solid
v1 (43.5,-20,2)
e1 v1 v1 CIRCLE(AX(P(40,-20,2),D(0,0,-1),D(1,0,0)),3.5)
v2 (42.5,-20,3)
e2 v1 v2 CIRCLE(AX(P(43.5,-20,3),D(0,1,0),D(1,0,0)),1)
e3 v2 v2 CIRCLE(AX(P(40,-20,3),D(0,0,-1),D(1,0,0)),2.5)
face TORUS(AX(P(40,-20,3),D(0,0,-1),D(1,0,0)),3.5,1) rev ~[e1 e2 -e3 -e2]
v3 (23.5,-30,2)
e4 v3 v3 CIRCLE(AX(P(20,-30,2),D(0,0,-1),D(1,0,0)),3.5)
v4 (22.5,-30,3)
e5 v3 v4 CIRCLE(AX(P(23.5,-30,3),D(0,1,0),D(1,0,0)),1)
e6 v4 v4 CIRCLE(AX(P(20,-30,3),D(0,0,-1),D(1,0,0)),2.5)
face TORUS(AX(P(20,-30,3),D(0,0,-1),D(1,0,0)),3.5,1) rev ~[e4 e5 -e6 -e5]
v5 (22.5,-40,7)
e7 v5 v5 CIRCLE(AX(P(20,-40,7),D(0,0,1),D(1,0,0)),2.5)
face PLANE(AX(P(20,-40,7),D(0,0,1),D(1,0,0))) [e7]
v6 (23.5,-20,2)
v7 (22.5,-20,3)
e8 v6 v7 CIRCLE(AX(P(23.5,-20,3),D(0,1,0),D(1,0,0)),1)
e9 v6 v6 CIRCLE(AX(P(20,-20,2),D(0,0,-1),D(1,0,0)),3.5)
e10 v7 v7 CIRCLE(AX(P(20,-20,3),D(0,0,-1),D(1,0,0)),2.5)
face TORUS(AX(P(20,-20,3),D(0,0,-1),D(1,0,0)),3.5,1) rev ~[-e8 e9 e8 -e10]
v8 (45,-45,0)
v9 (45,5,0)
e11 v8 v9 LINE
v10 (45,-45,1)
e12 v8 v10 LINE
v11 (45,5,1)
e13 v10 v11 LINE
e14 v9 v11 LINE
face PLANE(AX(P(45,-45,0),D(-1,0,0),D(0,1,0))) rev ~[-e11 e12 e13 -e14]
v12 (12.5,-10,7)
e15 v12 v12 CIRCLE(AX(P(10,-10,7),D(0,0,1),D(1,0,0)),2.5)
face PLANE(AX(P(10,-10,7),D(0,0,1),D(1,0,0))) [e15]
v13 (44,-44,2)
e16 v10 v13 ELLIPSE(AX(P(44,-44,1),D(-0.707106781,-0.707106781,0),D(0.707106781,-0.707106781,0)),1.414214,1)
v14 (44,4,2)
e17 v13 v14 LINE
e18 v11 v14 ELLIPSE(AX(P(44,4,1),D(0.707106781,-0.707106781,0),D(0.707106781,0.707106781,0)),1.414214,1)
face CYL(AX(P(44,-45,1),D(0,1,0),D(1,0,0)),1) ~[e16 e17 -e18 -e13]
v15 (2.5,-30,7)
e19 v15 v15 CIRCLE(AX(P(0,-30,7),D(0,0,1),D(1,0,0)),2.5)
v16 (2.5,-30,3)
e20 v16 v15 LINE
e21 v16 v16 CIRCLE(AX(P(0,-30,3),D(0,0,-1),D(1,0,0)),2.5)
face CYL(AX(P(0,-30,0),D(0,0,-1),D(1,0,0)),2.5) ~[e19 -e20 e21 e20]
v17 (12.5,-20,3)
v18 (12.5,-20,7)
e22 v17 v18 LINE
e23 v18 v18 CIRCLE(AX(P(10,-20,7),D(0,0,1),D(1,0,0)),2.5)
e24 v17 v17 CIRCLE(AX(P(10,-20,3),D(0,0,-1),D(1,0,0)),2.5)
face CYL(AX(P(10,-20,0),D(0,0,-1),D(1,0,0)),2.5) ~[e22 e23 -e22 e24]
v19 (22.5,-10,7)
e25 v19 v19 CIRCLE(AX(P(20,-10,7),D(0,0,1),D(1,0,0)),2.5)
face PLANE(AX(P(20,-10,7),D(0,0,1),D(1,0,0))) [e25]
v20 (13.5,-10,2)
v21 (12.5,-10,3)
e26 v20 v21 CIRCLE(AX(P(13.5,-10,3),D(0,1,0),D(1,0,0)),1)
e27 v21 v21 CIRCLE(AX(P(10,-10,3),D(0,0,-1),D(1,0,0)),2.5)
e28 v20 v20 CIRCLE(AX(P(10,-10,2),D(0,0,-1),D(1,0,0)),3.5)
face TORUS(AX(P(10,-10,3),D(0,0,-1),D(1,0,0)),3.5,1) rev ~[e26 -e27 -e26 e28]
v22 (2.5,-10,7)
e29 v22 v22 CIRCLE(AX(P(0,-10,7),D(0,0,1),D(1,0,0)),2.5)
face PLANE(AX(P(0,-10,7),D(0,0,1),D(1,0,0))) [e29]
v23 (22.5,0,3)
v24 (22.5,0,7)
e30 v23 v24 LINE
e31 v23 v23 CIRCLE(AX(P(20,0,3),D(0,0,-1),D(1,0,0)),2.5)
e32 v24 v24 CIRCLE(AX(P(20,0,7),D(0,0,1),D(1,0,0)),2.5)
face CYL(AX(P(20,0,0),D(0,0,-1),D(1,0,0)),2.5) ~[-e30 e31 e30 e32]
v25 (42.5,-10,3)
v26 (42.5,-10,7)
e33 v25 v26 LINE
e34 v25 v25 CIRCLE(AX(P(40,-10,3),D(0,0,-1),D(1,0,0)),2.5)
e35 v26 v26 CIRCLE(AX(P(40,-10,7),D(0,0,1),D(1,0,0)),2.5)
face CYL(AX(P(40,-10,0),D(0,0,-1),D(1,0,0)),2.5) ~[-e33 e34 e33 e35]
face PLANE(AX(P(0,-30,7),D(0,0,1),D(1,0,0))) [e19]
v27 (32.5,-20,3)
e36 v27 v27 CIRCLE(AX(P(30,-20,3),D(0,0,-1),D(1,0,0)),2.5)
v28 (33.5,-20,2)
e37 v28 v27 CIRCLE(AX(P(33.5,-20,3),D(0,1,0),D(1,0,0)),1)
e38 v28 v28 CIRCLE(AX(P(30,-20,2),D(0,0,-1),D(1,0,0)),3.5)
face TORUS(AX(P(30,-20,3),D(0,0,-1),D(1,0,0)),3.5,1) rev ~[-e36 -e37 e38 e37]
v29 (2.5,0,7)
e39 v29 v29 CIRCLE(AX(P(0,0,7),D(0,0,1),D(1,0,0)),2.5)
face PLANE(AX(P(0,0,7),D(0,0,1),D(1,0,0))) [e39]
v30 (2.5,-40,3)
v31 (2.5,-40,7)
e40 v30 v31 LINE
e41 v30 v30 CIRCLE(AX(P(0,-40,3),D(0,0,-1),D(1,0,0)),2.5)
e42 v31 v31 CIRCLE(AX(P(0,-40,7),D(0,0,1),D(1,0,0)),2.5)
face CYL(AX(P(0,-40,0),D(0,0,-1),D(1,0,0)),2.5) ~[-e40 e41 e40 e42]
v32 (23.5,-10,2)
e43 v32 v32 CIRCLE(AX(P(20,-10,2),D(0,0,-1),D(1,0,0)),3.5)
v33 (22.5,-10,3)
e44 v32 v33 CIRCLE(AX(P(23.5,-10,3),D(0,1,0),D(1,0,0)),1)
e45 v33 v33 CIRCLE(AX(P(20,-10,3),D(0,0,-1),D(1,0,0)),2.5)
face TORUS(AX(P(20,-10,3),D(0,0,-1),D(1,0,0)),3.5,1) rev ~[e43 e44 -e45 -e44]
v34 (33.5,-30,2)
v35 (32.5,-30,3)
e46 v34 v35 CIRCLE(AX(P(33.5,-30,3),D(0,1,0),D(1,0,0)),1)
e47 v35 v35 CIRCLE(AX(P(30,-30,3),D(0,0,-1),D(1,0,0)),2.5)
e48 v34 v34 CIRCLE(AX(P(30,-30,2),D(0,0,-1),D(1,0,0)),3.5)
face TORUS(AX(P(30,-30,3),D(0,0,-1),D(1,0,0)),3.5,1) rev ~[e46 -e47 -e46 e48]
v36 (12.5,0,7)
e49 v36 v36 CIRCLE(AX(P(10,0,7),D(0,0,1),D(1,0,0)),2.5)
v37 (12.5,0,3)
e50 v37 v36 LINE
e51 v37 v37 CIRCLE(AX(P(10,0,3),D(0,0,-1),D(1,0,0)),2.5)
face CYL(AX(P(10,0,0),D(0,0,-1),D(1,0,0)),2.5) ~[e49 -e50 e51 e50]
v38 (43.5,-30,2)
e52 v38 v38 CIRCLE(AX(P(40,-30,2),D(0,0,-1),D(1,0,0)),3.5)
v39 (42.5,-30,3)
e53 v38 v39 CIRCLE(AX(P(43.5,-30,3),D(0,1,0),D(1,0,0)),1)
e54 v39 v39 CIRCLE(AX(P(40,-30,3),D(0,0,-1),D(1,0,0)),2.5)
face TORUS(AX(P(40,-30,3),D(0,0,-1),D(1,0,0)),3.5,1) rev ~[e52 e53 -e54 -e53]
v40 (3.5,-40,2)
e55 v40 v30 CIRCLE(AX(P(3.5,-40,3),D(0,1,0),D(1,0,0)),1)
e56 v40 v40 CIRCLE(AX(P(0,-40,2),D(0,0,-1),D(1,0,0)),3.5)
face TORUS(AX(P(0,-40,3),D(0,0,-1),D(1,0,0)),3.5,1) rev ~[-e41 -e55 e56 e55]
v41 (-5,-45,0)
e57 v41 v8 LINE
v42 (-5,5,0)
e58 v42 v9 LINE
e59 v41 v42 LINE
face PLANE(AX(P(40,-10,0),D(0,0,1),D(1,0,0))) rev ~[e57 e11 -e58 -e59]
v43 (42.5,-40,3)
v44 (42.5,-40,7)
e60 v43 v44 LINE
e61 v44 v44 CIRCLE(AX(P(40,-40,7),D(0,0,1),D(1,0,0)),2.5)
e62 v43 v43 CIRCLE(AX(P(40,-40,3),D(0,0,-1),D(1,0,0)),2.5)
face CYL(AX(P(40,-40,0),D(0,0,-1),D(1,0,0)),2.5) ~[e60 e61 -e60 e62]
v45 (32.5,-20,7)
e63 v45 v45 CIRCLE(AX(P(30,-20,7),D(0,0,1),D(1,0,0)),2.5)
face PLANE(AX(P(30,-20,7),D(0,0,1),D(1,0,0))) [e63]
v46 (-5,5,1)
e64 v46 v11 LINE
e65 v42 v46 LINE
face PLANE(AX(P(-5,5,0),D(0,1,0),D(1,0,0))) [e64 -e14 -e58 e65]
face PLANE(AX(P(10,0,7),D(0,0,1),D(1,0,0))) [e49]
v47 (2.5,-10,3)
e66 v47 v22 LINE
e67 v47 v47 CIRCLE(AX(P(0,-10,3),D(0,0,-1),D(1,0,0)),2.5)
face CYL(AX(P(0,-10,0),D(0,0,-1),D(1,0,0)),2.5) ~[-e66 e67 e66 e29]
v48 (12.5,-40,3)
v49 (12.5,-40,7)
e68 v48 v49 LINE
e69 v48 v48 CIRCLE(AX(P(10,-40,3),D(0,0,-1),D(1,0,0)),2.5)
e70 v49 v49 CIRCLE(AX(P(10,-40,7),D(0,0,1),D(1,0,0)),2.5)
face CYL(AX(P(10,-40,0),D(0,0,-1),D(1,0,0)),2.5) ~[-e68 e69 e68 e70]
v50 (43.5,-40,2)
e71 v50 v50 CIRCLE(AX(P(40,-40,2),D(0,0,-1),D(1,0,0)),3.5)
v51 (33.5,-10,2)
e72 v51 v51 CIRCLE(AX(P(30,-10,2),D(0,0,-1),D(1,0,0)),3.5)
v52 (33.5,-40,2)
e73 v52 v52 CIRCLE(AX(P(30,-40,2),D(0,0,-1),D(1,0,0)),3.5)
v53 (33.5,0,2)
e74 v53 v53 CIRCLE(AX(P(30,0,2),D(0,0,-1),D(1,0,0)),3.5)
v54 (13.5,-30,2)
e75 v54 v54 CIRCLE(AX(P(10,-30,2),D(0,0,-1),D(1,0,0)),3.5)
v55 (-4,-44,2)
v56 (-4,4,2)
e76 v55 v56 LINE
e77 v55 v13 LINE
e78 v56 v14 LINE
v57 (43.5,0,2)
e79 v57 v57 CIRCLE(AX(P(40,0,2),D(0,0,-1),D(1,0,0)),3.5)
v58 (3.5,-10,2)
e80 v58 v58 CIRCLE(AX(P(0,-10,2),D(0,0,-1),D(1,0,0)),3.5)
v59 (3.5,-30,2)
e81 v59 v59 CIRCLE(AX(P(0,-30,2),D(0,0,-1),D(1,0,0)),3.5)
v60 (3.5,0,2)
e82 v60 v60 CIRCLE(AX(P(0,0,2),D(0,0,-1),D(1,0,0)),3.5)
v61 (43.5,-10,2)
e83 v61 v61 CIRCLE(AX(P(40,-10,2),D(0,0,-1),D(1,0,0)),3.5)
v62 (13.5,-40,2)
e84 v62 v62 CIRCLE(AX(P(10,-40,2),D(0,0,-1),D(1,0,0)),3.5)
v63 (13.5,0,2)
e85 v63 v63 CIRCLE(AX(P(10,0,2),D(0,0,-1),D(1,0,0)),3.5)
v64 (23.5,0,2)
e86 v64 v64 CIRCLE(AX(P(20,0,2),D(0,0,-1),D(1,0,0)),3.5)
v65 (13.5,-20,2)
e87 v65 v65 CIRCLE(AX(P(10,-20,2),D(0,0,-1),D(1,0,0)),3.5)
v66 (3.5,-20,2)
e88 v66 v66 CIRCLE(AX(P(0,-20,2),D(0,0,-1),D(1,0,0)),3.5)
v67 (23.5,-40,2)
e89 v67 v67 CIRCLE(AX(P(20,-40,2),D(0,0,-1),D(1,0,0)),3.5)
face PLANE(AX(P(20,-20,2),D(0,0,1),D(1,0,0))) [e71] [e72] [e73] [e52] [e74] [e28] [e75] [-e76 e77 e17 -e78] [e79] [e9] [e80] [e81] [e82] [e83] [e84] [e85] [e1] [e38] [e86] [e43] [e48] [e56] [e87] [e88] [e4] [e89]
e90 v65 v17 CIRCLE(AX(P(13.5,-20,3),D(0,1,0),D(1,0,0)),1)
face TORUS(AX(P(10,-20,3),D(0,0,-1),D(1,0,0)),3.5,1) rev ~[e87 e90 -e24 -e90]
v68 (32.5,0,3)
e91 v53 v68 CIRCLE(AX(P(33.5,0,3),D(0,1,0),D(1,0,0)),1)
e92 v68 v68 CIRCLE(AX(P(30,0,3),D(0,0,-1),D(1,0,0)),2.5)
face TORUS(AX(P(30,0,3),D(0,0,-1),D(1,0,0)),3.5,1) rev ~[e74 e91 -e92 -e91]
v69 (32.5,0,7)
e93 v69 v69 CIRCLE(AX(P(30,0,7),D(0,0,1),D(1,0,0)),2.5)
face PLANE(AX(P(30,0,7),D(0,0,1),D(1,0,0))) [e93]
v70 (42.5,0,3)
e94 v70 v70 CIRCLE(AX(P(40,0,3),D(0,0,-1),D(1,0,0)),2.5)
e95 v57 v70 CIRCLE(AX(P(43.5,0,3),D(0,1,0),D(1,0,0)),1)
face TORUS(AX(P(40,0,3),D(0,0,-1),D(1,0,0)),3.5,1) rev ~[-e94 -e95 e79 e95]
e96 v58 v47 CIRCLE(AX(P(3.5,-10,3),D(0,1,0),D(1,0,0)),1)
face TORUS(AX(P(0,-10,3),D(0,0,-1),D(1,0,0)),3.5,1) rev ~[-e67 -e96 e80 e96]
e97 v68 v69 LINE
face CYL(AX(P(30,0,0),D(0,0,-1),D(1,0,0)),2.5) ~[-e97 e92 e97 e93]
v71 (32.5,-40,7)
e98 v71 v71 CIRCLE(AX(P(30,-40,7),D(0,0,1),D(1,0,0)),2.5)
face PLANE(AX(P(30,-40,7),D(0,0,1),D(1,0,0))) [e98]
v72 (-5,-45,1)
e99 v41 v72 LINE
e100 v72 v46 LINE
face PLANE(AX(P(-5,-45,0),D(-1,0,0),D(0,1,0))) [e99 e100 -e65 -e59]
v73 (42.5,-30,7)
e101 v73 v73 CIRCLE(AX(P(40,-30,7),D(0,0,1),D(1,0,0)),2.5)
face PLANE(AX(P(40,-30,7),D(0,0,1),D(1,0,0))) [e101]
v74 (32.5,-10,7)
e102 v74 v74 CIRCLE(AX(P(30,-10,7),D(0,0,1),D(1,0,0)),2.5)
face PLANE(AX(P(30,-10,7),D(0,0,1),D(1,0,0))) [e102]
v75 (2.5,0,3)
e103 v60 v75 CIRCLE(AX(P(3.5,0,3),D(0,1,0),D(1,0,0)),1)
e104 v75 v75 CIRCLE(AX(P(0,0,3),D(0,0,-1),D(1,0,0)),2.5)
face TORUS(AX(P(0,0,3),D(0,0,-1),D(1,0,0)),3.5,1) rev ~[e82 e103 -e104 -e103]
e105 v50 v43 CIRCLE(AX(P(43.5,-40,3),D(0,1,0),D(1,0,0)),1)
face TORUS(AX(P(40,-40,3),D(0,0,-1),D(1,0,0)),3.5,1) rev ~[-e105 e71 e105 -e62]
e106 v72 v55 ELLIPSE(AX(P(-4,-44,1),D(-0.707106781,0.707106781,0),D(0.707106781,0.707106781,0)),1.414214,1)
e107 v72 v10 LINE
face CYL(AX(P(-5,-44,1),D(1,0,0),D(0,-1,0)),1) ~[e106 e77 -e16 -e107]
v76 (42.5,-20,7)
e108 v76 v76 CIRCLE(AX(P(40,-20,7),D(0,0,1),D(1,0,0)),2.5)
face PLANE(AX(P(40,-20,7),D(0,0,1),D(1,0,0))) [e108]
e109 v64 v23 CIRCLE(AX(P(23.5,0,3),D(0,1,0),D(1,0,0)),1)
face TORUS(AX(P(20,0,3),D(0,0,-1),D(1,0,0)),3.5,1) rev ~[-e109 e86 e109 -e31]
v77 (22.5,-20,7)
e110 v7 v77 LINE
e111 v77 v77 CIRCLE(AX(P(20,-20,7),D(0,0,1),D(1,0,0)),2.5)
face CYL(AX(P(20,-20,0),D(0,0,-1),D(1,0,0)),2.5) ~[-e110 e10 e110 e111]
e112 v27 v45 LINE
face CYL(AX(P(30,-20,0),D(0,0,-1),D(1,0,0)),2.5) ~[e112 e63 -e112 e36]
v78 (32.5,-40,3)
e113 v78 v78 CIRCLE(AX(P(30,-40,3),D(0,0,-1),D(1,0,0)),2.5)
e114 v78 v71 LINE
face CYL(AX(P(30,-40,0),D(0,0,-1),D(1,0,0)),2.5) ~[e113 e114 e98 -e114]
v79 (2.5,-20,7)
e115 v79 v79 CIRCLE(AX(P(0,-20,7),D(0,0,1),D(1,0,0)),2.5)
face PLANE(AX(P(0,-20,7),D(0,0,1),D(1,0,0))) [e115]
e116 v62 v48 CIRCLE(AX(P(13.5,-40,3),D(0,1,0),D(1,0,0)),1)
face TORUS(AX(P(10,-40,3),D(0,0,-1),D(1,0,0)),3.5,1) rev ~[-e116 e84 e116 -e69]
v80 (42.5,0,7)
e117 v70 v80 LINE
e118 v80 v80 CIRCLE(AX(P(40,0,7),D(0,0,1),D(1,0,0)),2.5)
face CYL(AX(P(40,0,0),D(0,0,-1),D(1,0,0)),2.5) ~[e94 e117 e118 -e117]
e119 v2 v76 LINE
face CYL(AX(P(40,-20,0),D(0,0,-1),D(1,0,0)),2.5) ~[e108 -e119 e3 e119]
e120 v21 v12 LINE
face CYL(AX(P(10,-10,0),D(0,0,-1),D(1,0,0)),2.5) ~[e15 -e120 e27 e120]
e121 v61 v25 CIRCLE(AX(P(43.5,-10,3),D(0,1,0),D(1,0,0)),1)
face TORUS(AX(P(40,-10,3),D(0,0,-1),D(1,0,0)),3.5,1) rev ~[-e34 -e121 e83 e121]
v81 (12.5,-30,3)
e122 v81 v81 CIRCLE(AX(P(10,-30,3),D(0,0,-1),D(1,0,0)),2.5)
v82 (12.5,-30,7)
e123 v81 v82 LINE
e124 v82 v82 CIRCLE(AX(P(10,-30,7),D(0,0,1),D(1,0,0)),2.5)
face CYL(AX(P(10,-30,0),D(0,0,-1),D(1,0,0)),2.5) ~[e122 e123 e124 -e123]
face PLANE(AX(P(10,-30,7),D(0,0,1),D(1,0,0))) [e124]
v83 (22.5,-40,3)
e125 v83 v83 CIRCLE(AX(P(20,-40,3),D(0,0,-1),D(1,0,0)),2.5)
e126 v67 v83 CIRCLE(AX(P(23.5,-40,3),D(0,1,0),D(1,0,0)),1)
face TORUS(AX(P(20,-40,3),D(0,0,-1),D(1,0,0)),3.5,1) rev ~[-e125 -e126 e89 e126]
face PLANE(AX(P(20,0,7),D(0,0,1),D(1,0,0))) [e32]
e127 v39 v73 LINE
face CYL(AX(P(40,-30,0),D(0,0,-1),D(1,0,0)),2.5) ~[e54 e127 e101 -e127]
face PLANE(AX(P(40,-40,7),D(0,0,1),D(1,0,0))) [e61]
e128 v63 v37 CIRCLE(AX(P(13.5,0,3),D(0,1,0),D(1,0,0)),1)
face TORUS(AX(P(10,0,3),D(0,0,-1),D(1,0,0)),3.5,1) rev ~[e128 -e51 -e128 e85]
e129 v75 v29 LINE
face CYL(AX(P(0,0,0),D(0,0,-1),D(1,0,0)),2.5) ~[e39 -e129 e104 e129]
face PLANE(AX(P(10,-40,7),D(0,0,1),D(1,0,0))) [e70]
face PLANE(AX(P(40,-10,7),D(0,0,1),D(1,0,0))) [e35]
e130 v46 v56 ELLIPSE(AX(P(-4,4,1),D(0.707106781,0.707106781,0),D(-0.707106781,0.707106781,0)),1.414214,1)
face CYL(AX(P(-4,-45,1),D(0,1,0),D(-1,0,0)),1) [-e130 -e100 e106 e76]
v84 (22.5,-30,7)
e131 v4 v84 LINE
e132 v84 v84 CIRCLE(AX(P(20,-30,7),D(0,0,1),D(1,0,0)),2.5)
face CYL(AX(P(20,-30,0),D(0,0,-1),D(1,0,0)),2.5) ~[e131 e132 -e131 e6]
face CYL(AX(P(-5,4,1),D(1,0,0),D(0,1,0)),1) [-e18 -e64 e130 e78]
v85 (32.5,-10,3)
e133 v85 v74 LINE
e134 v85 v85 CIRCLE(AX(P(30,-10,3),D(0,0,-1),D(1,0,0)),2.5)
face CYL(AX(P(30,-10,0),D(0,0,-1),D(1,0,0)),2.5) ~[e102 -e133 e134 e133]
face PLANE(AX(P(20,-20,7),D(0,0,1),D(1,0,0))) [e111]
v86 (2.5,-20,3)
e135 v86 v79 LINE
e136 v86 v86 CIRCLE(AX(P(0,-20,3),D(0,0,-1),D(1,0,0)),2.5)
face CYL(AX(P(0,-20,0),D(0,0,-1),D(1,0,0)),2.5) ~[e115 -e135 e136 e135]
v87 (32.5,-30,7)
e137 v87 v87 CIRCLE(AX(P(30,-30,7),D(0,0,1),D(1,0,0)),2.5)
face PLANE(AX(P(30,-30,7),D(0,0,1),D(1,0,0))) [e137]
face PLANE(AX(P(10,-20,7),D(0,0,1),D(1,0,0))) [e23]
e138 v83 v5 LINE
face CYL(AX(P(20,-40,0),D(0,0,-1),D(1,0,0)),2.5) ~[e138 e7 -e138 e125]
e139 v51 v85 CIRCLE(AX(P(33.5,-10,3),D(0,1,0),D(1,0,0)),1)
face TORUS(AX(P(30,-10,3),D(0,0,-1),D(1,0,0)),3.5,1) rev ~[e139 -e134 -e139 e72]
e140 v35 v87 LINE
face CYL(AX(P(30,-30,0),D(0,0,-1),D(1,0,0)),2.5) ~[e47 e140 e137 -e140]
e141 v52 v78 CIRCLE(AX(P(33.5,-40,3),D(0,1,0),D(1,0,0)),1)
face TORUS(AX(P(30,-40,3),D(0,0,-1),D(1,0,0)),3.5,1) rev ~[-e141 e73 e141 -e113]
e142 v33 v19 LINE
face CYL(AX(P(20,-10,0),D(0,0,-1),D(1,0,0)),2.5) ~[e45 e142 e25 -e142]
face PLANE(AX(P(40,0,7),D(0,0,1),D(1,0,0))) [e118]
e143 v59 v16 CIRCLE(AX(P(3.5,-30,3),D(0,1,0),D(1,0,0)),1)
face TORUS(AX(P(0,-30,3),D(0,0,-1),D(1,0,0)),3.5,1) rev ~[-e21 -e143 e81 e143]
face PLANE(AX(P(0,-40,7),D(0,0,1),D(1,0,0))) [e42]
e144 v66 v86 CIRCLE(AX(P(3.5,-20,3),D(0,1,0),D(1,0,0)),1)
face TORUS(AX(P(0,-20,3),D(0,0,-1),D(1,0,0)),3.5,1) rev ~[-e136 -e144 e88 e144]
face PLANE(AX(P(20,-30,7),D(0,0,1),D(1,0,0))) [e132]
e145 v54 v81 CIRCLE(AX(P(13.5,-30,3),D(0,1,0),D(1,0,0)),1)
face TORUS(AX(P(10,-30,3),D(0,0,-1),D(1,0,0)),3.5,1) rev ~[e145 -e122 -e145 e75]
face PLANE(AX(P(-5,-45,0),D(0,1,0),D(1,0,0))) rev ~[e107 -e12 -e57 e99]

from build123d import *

# Parameters (mm, degrees)
SKETCH001_W                  = 50
SKETCH001_H                  = 50
PAD_DEPTH                    = 2
SKETCH_R                     = 2.5
PAD001_DEPTH                 = 7
SKETCH_LINEARPATTERN_2_R     = 2.5
PAD001_LINEARPATTERN_2_DEPTH = 7
SKETCH_LINEARPATTERN_3_R     = 2.5
PAD001_LINEARPATTERN_3_DEPTH = 7
SKETCH_LINEARPATTERN_4_R     = 2.5
PAD001_LINEARPATTERN_4_DEPTH = 7
SKETCH_LINEARPATTERN_5_R     = 2.5
PAD001_LINEARPATTERN_5_DEPTH = 7
LINEARPATTERN001_COUNT       = 5
LINEARPATTERN001_PITCH       = 10
FILLET_R                     = 1


with BuildPart() as part:
    # Sketch001 → Pad (new body)
    with BuildSketch(Plane.XY):
        with Locations((20, -20)):
            Rectangle(SKETCH001_W, SKETCH001_H)
    extrude(amount=PAD_DEPTH)

    # Sketch → Pad001 (join)
    with BuildSketch(Plane.XY):
        Circle(SKETCH_R)
    pad001 = extrude(amount=PAD001_DEPTH)

    # Sketch LinearPattern 2 → Pad001 LinearPattern 2 (add)
    with BuildSketch(Plane(origin=(10, 0, 0), x_dir=(1, 0, 0), z_dir=(0, 0, 1))):
        Circle(SKETCH_LINEARPATTERN_2_R)
    pad001_linearpattern_2 = extrude(amount=PAD001_LINEARPATTERN_2_DEPTH)

    # Sketch LinearPattern 3 → Pad001 LinearPattern 3 (add)
    with BuildSketch(Plane(origin=(20, 0, 0), x_dir=(1, 0, 0), z_dir=(0, 0, 1))):
        Circle(SKETCH_LINEARPATTERN_3_R)
    pad001_linearpattern_3 = extrude(amount=PAD001_LINEARPATTERN_3_DEPTH)

    # Sketch LinearPattern 4 → Pad001 LinearPattern 4 (add)
    with BuildSketch(Plane(origin=(30, 0, 0), x_dir=(1, 0, 0), z_dir=(0, 0, 1))):
        Circle(SKETCH_LINEARPATTERN_4_R)
    pad001_linearpattern_4 = extrude(amount=PAD001_LINEARPATTERN_4_DEPTH)

    # Sketch LinearPattern 5 → Pad001 LinearPattern 5 (add)
    with BuildSketch(Plane(origin=(40, 0, 0), x_dir=(1, 0, 0), z_dir=(0, 0, 1))):
        Circle(SKETCH_LINEARPATTERN_5_R)
    pad001_linearpattern_5 = extrude(amount=PAD001_LINEARPATTERN_5_DEPTH)

    # LinearPattern001: Pad001, Pad001 LinearPattern 2, Pad001 LinearPattern 3, Pad001 LinearPattern 4, Pad001 LinearPattern 5 ×5
    with Locations(*[(0, -i * LINEARPATTERN001_PITCH, 0) for i in range(1, LINEARPATTERN001_COUNT)]):
        add(pad001)
        add(pad001_linearpattern_2)
        add(pad001_linearpattern_3)
        add(pad001_linearpattern_4)
        add(pad001_linearpattern_5)

    # Fillet
    fillet_edges = [part.edges().sort_by_distance(p)[0] for p in [
        (-5, -20, 2),
        (20, 5, 2),
        (20, -45, 2),
        (45, -20, 2),
        (-2.5, -40, 2),
        (7.5, -40, 2),
        (-2.5, -30, 2),
        (7.5, -30, 2),
        (17.5, -40, 2),
        (27.5, -40, 2),
        (37.5, -40, 2),
        (17.5, -30, 2),
        (27.5, -30, 2),
        (37.5, -30, 2),
        (-2.5, -20, 2),
        (-2.5, -10, 2),
        (7.5, -20, 2),
        (7.5, -10, 2),
        (-2.5, 0, 2),
        (7.5, 0, 2),
        (17.5, -20, 2),
        (27.5, -20, 2),
        (17.5, -10, 2),
        (27.5, -10, 2),
        (37.5, -20, 2),
        (37.5, -10, 2),
        (17.5, 0, 2),
        (27.5, 0, 2),
        (37.5, 0, 2),
    ]]
    fillet(fillet_edges, radius=FILLET_R)


solid = part.part
